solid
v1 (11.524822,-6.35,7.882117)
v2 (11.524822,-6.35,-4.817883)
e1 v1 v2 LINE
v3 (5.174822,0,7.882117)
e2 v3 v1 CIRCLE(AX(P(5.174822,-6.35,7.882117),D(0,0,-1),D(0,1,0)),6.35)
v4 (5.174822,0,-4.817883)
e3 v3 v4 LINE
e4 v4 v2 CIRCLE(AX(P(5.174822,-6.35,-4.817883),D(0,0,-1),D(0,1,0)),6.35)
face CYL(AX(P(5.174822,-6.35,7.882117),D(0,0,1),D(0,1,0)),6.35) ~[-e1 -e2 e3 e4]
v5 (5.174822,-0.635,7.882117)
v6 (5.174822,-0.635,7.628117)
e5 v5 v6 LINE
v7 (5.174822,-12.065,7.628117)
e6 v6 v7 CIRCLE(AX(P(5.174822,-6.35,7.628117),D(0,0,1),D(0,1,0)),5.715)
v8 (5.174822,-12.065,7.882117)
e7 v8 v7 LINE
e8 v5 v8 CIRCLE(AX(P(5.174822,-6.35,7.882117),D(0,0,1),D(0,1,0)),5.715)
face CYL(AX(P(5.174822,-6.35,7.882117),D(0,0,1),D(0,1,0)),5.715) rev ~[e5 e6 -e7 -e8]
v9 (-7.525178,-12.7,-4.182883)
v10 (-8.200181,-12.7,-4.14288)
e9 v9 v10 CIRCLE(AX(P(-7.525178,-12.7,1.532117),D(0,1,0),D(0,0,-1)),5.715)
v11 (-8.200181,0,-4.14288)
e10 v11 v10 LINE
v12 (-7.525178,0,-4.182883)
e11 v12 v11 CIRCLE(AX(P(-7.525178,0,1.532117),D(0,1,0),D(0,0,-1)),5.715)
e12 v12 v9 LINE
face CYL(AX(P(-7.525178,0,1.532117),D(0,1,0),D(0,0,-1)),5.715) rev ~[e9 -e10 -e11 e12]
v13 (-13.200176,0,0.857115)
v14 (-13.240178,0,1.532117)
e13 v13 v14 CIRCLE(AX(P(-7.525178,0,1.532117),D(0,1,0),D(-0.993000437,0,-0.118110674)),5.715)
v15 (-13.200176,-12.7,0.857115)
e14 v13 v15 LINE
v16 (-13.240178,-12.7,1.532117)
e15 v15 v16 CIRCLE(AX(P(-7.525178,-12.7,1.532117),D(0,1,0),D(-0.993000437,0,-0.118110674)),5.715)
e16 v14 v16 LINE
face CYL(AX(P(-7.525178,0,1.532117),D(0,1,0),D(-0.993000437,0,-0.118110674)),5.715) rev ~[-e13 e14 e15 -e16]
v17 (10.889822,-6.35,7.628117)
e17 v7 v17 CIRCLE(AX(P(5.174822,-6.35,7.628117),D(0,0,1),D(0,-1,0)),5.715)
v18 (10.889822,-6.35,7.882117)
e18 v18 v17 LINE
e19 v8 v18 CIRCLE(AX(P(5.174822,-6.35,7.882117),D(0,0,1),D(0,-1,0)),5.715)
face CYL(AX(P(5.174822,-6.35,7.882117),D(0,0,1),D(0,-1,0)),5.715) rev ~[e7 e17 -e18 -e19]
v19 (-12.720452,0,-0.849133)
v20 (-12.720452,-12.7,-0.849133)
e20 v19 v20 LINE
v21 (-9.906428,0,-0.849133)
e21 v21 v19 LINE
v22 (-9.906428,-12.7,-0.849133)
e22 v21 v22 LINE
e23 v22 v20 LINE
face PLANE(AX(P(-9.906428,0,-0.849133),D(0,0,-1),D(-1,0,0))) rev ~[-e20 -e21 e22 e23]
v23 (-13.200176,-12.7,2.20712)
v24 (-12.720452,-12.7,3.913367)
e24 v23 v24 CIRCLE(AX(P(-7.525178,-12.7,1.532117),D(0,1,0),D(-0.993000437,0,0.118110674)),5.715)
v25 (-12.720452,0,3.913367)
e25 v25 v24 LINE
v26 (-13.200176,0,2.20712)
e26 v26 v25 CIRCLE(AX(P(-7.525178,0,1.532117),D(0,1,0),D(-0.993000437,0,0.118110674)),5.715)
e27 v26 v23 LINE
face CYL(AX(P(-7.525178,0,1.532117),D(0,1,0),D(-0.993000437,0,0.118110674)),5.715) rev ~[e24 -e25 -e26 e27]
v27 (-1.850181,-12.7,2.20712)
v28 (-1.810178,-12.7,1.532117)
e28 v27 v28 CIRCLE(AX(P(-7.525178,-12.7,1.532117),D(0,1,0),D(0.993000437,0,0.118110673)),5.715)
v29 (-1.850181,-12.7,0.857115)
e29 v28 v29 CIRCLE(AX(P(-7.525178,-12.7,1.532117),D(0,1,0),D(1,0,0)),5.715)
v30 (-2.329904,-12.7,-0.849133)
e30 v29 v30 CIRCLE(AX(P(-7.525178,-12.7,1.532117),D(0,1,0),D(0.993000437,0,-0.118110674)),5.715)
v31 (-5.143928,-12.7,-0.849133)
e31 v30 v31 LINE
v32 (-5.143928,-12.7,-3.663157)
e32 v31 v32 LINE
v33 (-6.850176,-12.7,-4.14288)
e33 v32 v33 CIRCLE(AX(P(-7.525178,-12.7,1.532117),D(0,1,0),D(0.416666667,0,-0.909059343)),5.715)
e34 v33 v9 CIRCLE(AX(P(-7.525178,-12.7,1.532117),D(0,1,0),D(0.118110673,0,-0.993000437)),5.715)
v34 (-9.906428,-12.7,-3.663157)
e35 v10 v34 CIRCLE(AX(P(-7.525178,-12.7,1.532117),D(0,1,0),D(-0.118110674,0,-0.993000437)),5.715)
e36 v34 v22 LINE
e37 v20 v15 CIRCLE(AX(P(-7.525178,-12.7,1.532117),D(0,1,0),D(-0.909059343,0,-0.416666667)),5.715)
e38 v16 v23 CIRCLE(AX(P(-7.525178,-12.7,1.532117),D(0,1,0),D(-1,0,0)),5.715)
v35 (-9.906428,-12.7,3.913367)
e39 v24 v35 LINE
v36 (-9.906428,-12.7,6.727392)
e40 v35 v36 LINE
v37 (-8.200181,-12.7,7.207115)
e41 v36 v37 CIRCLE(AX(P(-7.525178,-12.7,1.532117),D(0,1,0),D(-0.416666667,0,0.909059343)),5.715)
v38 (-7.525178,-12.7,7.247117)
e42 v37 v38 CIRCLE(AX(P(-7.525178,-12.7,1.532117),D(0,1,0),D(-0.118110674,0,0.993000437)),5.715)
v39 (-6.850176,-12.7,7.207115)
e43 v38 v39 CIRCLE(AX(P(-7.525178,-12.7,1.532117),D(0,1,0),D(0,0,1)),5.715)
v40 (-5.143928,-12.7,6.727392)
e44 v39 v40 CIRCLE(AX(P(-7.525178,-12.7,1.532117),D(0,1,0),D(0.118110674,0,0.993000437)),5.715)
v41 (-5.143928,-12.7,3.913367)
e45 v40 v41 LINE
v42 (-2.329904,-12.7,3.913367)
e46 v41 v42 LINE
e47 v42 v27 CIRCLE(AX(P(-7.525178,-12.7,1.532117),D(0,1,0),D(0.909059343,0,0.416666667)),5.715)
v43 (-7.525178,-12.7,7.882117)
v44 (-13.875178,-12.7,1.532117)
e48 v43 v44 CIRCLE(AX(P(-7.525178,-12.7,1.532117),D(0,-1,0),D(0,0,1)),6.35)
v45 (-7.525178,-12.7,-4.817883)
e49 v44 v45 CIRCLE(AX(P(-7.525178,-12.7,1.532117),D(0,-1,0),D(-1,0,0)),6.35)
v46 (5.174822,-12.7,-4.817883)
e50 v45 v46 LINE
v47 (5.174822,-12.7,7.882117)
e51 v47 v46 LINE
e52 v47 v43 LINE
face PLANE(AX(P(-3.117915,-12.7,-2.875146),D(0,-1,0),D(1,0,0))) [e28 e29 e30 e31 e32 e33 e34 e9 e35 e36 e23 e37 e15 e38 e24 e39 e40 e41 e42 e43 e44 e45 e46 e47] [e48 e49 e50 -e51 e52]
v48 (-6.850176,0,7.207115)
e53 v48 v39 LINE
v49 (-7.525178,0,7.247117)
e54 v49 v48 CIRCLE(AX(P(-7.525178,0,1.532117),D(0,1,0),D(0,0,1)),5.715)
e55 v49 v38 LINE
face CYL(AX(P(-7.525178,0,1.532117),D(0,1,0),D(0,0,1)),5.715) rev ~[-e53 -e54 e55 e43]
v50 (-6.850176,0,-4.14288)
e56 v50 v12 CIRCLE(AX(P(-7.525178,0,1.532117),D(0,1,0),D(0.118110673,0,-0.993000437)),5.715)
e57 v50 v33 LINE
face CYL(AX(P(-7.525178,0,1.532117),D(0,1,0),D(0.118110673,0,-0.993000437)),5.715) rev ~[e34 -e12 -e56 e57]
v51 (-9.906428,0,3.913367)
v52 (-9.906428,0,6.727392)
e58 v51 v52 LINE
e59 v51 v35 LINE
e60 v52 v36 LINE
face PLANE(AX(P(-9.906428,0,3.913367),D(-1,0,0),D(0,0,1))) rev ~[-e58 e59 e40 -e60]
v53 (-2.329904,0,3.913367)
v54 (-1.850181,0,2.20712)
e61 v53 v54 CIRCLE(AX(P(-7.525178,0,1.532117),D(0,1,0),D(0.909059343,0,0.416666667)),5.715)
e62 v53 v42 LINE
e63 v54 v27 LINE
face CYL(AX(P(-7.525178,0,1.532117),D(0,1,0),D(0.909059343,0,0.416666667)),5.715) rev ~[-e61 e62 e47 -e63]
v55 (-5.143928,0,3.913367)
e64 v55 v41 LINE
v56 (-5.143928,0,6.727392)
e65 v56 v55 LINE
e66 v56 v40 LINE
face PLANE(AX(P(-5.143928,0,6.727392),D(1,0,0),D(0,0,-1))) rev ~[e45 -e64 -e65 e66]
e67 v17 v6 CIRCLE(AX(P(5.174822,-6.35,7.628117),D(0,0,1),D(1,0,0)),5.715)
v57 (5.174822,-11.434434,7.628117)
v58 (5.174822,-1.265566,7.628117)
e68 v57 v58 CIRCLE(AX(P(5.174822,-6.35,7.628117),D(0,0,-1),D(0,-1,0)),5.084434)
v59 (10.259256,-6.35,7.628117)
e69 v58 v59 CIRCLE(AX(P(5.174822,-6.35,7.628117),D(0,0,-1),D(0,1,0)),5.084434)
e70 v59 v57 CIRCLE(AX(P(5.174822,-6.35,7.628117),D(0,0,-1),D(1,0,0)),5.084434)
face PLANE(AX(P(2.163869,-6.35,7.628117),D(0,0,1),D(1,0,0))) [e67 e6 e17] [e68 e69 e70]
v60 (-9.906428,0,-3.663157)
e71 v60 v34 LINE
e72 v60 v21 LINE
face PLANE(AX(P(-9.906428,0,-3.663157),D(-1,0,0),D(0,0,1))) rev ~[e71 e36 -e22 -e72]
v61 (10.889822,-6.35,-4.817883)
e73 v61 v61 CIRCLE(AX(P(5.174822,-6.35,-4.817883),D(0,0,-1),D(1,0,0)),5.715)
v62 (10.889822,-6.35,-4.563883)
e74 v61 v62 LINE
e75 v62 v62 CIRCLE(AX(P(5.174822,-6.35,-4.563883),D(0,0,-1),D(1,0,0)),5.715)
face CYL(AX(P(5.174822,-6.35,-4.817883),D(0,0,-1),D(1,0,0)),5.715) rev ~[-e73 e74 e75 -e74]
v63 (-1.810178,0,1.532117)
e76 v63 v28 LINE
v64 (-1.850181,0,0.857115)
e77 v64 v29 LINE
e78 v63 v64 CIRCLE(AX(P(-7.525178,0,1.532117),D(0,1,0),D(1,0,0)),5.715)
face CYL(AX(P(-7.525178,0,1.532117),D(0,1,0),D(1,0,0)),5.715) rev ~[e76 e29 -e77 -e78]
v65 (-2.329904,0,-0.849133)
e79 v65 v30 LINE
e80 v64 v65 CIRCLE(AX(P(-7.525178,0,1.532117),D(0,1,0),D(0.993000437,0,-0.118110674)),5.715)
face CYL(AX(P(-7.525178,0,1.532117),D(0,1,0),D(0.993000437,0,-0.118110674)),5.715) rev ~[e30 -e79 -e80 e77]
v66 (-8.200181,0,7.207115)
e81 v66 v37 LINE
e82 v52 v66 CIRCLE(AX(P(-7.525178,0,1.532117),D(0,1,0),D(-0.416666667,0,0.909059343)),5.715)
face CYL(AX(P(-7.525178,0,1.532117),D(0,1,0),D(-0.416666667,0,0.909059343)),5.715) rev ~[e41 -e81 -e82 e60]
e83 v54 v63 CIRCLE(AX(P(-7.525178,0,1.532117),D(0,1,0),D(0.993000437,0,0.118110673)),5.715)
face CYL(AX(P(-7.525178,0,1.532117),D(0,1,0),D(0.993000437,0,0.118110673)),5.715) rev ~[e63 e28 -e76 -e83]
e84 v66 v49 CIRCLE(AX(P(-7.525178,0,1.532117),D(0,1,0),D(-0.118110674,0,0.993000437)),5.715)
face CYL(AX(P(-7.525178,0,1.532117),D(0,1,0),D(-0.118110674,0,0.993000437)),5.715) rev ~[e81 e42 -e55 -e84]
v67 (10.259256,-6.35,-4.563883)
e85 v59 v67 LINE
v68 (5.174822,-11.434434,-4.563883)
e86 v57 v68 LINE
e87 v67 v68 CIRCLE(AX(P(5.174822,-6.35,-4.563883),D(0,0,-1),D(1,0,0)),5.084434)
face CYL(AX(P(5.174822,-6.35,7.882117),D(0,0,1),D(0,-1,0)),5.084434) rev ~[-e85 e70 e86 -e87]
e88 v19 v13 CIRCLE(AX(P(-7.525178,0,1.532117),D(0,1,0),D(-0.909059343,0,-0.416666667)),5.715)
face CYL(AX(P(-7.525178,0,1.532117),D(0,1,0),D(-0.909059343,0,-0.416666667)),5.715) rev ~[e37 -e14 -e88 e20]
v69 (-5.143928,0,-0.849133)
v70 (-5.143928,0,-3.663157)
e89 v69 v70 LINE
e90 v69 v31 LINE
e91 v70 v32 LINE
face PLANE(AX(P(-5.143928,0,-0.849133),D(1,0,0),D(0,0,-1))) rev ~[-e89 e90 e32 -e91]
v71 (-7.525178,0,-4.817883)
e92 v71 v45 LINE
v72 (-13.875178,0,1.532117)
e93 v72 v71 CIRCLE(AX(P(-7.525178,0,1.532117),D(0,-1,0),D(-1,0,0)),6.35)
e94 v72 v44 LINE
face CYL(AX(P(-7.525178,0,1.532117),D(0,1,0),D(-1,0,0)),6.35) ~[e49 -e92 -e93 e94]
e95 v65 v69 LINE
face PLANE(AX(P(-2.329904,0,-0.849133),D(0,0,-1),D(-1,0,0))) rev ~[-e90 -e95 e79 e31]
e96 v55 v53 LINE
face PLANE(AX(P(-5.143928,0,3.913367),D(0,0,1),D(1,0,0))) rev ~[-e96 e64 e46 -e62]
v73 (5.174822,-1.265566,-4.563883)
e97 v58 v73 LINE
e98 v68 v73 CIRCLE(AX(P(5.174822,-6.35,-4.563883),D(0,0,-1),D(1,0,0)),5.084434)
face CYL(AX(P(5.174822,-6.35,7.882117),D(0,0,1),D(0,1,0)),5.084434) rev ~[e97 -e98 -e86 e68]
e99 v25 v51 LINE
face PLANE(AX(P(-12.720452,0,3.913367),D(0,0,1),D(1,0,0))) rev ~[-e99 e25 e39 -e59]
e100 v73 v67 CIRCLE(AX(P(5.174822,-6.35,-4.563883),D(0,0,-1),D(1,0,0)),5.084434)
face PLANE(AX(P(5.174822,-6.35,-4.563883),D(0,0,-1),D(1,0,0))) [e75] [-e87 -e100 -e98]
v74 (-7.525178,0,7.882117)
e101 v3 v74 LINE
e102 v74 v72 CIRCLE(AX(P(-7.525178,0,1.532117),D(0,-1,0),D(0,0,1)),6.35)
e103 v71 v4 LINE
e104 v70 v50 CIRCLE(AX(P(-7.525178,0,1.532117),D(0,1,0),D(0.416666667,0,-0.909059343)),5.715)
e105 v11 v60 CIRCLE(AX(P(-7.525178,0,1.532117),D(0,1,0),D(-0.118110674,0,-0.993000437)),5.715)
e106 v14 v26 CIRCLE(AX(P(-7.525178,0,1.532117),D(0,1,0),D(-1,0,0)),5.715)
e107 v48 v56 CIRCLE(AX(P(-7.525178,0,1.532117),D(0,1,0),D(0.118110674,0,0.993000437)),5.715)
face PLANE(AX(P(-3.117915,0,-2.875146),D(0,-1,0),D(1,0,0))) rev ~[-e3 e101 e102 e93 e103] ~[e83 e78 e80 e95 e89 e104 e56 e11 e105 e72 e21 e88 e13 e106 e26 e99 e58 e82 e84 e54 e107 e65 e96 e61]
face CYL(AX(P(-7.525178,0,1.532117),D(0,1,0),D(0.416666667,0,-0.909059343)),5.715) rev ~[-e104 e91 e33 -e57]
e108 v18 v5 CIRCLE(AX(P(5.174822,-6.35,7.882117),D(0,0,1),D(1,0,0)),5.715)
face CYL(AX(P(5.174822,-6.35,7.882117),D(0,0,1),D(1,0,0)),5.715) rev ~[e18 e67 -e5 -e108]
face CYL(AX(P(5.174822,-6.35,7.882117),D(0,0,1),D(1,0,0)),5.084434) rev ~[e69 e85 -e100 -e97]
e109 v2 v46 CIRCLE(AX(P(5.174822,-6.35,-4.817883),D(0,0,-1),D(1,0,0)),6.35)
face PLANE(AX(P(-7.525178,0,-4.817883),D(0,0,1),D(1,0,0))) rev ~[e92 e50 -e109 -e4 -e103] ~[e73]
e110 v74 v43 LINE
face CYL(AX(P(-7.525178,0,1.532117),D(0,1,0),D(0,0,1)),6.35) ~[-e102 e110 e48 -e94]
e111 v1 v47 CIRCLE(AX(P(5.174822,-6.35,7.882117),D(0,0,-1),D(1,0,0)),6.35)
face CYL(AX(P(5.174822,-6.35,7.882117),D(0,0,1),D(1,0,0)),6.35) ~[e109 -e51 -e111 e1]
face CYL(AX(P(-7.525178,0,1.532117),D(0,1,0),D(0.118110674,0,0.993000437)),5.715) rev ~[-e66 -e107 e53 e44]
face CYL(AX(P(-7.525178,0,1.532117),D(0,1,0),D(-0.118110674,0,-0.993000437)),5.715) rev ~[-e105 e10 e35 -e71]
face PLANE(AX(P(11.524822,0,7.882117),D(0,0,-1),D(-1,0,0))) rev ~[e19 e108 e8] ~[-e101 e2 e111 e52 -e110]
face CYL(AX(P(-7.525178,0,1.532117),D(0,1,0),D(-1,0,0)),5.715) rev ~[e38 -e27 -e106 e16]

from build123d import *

# Parameters (mm, degrees)
F1_DEPTH = 12.7
F3_DEPTH = 12.7
F4_DEPTH = 0.254
F5_R     = 5.715
F5_R_2   = 5.0844343855
F6_DEPTH = 0.254


with BuildPart() as f1:
    # F0 (on Front) → F1 (new body)
    with BuildSketch(Plane.XZ):
        with BuildLine():
            Line((-1.1751782149, -4.8178826279), (-1.1751782149, 1.5321173721))
            ThreePointArc((-1.1751782149, 1.5321173721), (-3.0350501544, -2.9580106884), (-7.5251782149, -4.8178826279))
            Line((-7.5251782149, -4.8178826279), (-1.1751782149, -4.8178826279))
        make_face()
        with BuildLine():
            Line((-13.2001757149, 2.2071198721), (-13.8751782149, 1.5321173721))
            Line((-13.8751782149, 1.5321173721), (-13.2401782149, 1.5321173721))
            ThreePointArc((-13.2401782149, 1.5321173721), (-13.2301688246, 1.8702107672), (-13.2001757149, 2.2071198721))
        make_face()
        with BuildLine():
            Line((-13.2401782149, 1.5321173721), (-13.8751782149, 1.5321173721))
            Line((-13.8751782149, 1.5321173721), (-13.2001757149, 0.8571148721))
            ThreePointArc((-13.2001757149, 0.8571148721), (-13.2301688246, 1.1940239771), (-13.2401782149, 1.5321173721))
        make_face()
        with BuildLine():
            Line((-8.2001807149, -4.1428801279), (-7.5251782149, -4.8178826279))
            Line((-7.5251782149, -4.8178826279), (-7.5251782149, -4.1828826279))
            ThreePointArc((-7.5251782149, -4.1828826279), (-7.8632716099, -4.1728732375), (-8.2001807149, -4.1428801279))
        make_face()
        with BuildLine():
            Line((-7.5251782149, -4.1828826279), (-7.5251782149, -4.8178826279))
            Line((-7.5251782149, -4.8178826279), (-6.8501757149, -4.1428801279))
            ThreePointArc((-6.8501757149, -4.1428801279), (-7.1870848199, -4.1728732375), (-7.5251782149, -4.1828826279))
        make_face()
        with BuildLine():
            Line((-6.8501757149, 7.2071148721), (-7.5251782149, 7.8821173721))
            Line((-7.5251782149, 7.8821173721), (-7.5251782149, 7.2471173721))
            ThreePointArc((-7.5251782149, 7.2471173721), (-7.1870848199, 7.2371079818), (-6.8501757149, 7.2071148721))
        make_face()
        with BuildLine():
            Line((-7.5251782149, 7.2471173721), (-7.5251782149, 7.8821173721))
            Line((-7.5251782149, 7.8821173721), (-8.2001807149, 7.2071148721))
            ThreePointArc((-8.2001807149, 7.2071148721), (-7.8632716099, 7.2371079818), (-7.5251782149, 7.2471173721))
        make_face()
        with BuildLine():
            ThreePointArc((-1.1751782149, 1.5321173721), (-3.0350501544, 6.0222454327), (-7.5251782149, 7.8821173721))
            Line((-7.5251782149, 7.8821173721), (-6.8501757149, 7.2071148721))
            ThreePointArc((-6.8501757149, 7.2071148721), (-5.9783416171, 7.0338008908), (-5.1439282149, 6.7273915167))
            ThreePointArc((-5.1439282149, 6.7273915167), (-3.4840629604, 5.5732326266), (-2.3299040703, 3.9133673721))
            ThreePointArc((-2.3299040703, 3.9133673721), (-2.0234946962, 3.07895397), (-1.8501807149, 2.2071198721))
            Line((-1.8501807149, 2.2071198721), (-1.1751782149, 1.5321173721))
        make_face()
        with BuildLine():
            Line((-8.2001807149, 7.2071148721), (-7.5251782149, 7.8821173721))
            ThreePointArc((-7.5251782149, 7.8821173721), (-12.0153062754, 6.0222454327), (-13.8751782149, 1.5321173721))
            Line((-13.8751782149, 1.5321173721), (-13.2001757149, 2.2071198721))
            ThreePointArc((-13.2001757149, 2.2071198721), (-13.0268617336, 3.07895397), (-12.7204523595, 3.9133673721))
            ThreePointArc((-12.7204523595, 3.9133673721), (-11.5662934694, 5.5732326266), (-9.9064282149, 6.7273915167))
            ThreePointArc((-9.9064282149, 6.7273915167), (-9.0720148127, 7.0338008908), (-8.2001807149, 7.2071148721))
        make_face()
        with BuildLine():
            Line((-13.2001757149, 0.8571148721), (-13.8751782149, 1.5321173721))
            ThreePointArc((-13.8751782149, 1.5321173721), (-12.0153062754, -2.9580106884), (-7.5251782149, -4.8178826279))
            Line((-7.5251782149, -4.8178826279), (-8.2001807149, -4.1428801279))
            ThreePointArc((-8.2001807149, -4.1428801279), (-9.0720148127, -3.9695661465), (-9.9064282149, -3.6631567725))
            ThreePointArc((-9.9064282149, -3.6631567725), (-11.5662934694, -2.5089978823), (-12.7204523595, -0.8491326279))
            ThreePointArc((-12.7204523595, -0.8491326279), (-13.0268617336, -0.0147192257), (-13.2001757149, 0.8571148721))
        make_face()
        with BuildLine():
            ThreePointArc((-7.5251782149, -4.8178826279), (-3.0350501544, -2.9580106884), (-1.1751782149, 1.5321173721))
            Line((-1.1751782149, 1.5321173721), (-1.8501807149, 0.8571148721))
            ThreePointArc((-1.8501807149, 0.8571148721), (-2.0234946962, -0.0147192257), (-2.3299040703, -0.8491326279))
            ThreePointArc((-2.3299040703, -0.8491326279), (-3.4840629604, -2.5089978823), (-5.1439282149, -3.6631567725))
            ThreePointArc((-5.1439282149, -3.6631567725), (-5.9783416171, -3.9695661465), (-6.8501757149, -4.1428801279))
            Line((-6.8501757149, -4.1428801279), (-7.5251782149, -4.8178826279))
        make_face()
        with BuildLine():
            Line((-9.9064282149, 5.5008673721), (-9.9064282149, 6.7273915167))
            ThreePointArc((-9.9064282149, 6.7273915167), (-11.5662934694, 5.5732326266), (-12.7204523595, 3.9133673721))
            Line((-12.7204523595, 3.9133673721), (-11.4939282149, 3.9133673721))
            Line((-11.4939282149, 3.9133673721), (-10.7001782149, 4.7071173721))
            Line((-10.7001782149, 4.7071173721), (-9.9064282149, 5.5008673721))
        make_face()
        Polygon((-9.9064282149, 3.9133673721), (-9.9064282149, 5.5008673721), (-10.7001782149, 4.7071173721), align=None)
        Polygon((-10.7001782149, 4.7071173721), (-11.4939282149, 3.9133673721), (-9.9064282149, 3.9133673721), align=None)
        Polygon((-4.3501782149, 4.7071173721), (-5.1439282149, 5.5008673721), (-5.1439282149, 3.9133673721), align=None)
        with BuildLine():
            ThreePointArc((-2.3299040703, 3.9133673721), (-3.4840629604, 5.5732326266), (-5.1439282149, 6.7273915167))
            Line((-5.1439282149, 6.7273915167), (-5.1439282149, 5.5008673721))
            Line((-5.1439282149, 5.5008673721), (-4.3501782149, 4.7071173721))
            Line((-4.3501782149, 4.7071173721), (-3.5564282149, 3.9133673721))
            Line((-3.5564282149, 3.9133673721), (-2.3299040703, 3.9133673721))
        make_face()
        Polygon((-5.1439282149, 3.9133673721), (-3.5564282149, 3.9133673721), (-4.3501782149, 4.7071173721), align=None)
        with BuildLine():
            ThreePointArc((-5.1439282149, -3.6631567725), (-3.4840629604, -2.5089978823), (-2.3299040703, -0.8491326279))
            Line((-2.3299040703, -0.8491326279), (-3.5564282149, -0.8491326279))
            Line((-3.5564282149, -0.8491326279), (-4.3501782149, -1.6428826279))
            Line((-4.3501782149, -1.6428826279), (-5.1439282149, -2.4366326279))
            Line((-5.1439282149, -2.4366326279), (-5.1439282149, -3.6631567725))
        make_face()
        Polygon((-4.3501782149, -1.6428826279), (-3.5564282149, -0.8491326279), (-5.1439282149, -0.8491326279), align=None)
        Polygon((-5.1439282149, -0.8491326279), (-5.1439282149, -2.4366326279), (-4.3501782149, -1.6428826279), align=None)
        with BuildLine():
            Line((-11.4939282149, -0.8491326279), (-12.7204523595, -0.8491326279))
            ThreePointArc((-12.7204523595, -0.8491326279), (-11.5662934694, -2.5089978823), (-9.9064282149, -3.6631567725))
            Line((-9.9064282149, -3.6631567725), (-9.9064282149, -2.4366326279))
            Line((-9.9064282149, -2.4366326279), (-10.7001782149, -1.6428826279))
            Line((-10.7001782149, -1.6428826279), (-11.4939282149, -0.8491326279))
        make_face()
        Polygon((-10.7001782149, -1.6428826279), (-9.9064282149, -2.4366326279), (-9.9064282149, -0.8491326279), align=None)
        Polygon((-9.9064282149, -0.8491326279), (-11.4939282149, -0.8491326279), (-10.7001782149, -1.6428826279), align=None)
        with BuildLine():
            Line((-1.8101782149, 1.5321173721), (-1.1751782149, 1.5321173721))
            Line((-1.1751782149, 1.5321173721), (-1.8501807149, 2.2071198721))
            ThreePointArc((-1.8501807149, 2.2071198721), (-1.8201876053, 1.8702107672), (-1.8101782149, 1.5321173721))
        make_face()
        with BuildLine():
            Line((-1.8501807149, 0.8571148721), (-1.1751782149, 1.5321173721))
            Line((-1.1751782149, 1.5321173721), (-1.8101782149, 1.5321173721))
            ThreePointArc((-1.8101782149, 1.5321173721), (-1.8201876053, 1.1940239771), (-1.8501807149, 0.8571148721))
        make_face()
        with BuildLine():
            Line((-1.1751782149, 7.8821173721), (-7.5251782149, 7.8821173721))
            ThreePointArc((-7.5251782149, 7.8821173721), (-3.0350501544, 6.0222454327), (-1.1751782149, 1.5321173721))
            Line((-1.1751782149, 1.5321173721), (-1.1751782149, 7.8821173721))
        make_face()
        Polygon((11.5248217851, 7.8821173721), (-1.1751782149, 7.8821173721), (-1.1751782149, 1.5321173721), (-1.1751782149, -4.8178826279), (11.5248217851, -4.8178826279), align=None)
    extrude(amount=F1_DEPTH)

    # F2 (on face) → F3 (cut)
    with BuildSketch(Plane.XY.offset(7.8821173721)):
        with BuildLine():
            Line((11.5248217851, 0), (5.1748217851, 0))
            ThreePointArc((5.1748217851, 0), (9.6649498456, -1.8598719395), (11.5248217851, -6.35))
            Line((11.5248217851, -6.35), (11.5248217851, 0))
        make_face()
        with BuildLine():
            Line((11.5248217851, -12.7), (11.5248217851, -6.35))
            ThreePointArc((11.5248217851, -6.35), (9.6649498456, -10.8401280605), (5.1748217851, -12.7))
            Line((5.1748217851, -12.7), (11.5248217851, -12.7))
        make_face()
        with BuildLine():
            Line((5.1748217851, -11.4344343855), (5.1748217851, -1.2655656145))
            ThreePointArc((5.1748217851, -1.2655656145), (0.0903873996, -6.35), (5.1748217851, -11.4344343855))
        make_face()
        with BuildLine():
            ThreePointArc((10.2592561706, -6.35), (8.7700598176, -2.7547619675), (5.1748217851, -1.2655656145))
            Line((5.1748217851, -1.2655656145), (5.1748217851, -11.4344343855))
            ThreePointArc((5.1748217851, -11.4344343855), (8.7700598176, -9.9452380325), (10.2592561706, -6.35))
        make_face()
    extrude(amount=-F3_DEPTH, mode=Mode.SUBTRACT)

    # F2 (on face) → F4 (cut)
    with BuildSketch(Plane.XY.offset(7.8821173721)):
        with BuildLine():
            Line((5.1748217851, -1.2655656145), (5.1748217851, -0.635))
            ThreePointArc((5.1748217851, -0.635), (-0.5401782149, -6.35), (5.1748217851, -12.065))
            Line((5.1748217851, -12.065), (5.1748217851, -11.4344343855))
            ThreePointArc((5.1748217851, -11.4344343855), (0.0903873996, -6.35), (5.1748217851, -1.2655656145))
        make_face()
        with BuildLine():
            ThreePointArc((10.8898217851, -6.35), (9.2159370396, -2.3088847455), (5.1748217851, -0.635))
            Line((5.1748217851, -0.635), (5.1748217851, -1.2655656145))
            ThreePointArc((5.1748217851, -1.2655656145), (8.7700598176, -2.7547619675), (10.2592561706, -6.35))
            ThreePointArc((10.2592561706, -6.35), (8.7700598176, -9.9452380325), (5.1748217851, -11.4344343855))
            Line((5.1748217851, -11.4344343855), (5.1748217851, -12.065))
            ThreePointArc((5.1748217851, -12.065), (9.2159370396, -10.3911152545), (10.8898217851, -6.35))
        make_face()
    extrude(amount=-F4_DEPTH, mode=Mode.SUBTRACT)

    # F5 (on face) → F6 (cut)
    with BuildSketch(Plane(origin=(0, 0, -4.8178826279), x_dir=(1, 0, 0), z_dir=(0, 0, -1))):
        with Locations((5.1748217851, 6.35)):
            Circle(F5_R)
        with Locations((5.1748217851, 6.35)):
            Circle(F5_R_2, mode=Mode.SUBTRACT)
    extrude(amount=-F6_DEPTH, mode=Mode.SUBTRACT)


solid = f1.part
